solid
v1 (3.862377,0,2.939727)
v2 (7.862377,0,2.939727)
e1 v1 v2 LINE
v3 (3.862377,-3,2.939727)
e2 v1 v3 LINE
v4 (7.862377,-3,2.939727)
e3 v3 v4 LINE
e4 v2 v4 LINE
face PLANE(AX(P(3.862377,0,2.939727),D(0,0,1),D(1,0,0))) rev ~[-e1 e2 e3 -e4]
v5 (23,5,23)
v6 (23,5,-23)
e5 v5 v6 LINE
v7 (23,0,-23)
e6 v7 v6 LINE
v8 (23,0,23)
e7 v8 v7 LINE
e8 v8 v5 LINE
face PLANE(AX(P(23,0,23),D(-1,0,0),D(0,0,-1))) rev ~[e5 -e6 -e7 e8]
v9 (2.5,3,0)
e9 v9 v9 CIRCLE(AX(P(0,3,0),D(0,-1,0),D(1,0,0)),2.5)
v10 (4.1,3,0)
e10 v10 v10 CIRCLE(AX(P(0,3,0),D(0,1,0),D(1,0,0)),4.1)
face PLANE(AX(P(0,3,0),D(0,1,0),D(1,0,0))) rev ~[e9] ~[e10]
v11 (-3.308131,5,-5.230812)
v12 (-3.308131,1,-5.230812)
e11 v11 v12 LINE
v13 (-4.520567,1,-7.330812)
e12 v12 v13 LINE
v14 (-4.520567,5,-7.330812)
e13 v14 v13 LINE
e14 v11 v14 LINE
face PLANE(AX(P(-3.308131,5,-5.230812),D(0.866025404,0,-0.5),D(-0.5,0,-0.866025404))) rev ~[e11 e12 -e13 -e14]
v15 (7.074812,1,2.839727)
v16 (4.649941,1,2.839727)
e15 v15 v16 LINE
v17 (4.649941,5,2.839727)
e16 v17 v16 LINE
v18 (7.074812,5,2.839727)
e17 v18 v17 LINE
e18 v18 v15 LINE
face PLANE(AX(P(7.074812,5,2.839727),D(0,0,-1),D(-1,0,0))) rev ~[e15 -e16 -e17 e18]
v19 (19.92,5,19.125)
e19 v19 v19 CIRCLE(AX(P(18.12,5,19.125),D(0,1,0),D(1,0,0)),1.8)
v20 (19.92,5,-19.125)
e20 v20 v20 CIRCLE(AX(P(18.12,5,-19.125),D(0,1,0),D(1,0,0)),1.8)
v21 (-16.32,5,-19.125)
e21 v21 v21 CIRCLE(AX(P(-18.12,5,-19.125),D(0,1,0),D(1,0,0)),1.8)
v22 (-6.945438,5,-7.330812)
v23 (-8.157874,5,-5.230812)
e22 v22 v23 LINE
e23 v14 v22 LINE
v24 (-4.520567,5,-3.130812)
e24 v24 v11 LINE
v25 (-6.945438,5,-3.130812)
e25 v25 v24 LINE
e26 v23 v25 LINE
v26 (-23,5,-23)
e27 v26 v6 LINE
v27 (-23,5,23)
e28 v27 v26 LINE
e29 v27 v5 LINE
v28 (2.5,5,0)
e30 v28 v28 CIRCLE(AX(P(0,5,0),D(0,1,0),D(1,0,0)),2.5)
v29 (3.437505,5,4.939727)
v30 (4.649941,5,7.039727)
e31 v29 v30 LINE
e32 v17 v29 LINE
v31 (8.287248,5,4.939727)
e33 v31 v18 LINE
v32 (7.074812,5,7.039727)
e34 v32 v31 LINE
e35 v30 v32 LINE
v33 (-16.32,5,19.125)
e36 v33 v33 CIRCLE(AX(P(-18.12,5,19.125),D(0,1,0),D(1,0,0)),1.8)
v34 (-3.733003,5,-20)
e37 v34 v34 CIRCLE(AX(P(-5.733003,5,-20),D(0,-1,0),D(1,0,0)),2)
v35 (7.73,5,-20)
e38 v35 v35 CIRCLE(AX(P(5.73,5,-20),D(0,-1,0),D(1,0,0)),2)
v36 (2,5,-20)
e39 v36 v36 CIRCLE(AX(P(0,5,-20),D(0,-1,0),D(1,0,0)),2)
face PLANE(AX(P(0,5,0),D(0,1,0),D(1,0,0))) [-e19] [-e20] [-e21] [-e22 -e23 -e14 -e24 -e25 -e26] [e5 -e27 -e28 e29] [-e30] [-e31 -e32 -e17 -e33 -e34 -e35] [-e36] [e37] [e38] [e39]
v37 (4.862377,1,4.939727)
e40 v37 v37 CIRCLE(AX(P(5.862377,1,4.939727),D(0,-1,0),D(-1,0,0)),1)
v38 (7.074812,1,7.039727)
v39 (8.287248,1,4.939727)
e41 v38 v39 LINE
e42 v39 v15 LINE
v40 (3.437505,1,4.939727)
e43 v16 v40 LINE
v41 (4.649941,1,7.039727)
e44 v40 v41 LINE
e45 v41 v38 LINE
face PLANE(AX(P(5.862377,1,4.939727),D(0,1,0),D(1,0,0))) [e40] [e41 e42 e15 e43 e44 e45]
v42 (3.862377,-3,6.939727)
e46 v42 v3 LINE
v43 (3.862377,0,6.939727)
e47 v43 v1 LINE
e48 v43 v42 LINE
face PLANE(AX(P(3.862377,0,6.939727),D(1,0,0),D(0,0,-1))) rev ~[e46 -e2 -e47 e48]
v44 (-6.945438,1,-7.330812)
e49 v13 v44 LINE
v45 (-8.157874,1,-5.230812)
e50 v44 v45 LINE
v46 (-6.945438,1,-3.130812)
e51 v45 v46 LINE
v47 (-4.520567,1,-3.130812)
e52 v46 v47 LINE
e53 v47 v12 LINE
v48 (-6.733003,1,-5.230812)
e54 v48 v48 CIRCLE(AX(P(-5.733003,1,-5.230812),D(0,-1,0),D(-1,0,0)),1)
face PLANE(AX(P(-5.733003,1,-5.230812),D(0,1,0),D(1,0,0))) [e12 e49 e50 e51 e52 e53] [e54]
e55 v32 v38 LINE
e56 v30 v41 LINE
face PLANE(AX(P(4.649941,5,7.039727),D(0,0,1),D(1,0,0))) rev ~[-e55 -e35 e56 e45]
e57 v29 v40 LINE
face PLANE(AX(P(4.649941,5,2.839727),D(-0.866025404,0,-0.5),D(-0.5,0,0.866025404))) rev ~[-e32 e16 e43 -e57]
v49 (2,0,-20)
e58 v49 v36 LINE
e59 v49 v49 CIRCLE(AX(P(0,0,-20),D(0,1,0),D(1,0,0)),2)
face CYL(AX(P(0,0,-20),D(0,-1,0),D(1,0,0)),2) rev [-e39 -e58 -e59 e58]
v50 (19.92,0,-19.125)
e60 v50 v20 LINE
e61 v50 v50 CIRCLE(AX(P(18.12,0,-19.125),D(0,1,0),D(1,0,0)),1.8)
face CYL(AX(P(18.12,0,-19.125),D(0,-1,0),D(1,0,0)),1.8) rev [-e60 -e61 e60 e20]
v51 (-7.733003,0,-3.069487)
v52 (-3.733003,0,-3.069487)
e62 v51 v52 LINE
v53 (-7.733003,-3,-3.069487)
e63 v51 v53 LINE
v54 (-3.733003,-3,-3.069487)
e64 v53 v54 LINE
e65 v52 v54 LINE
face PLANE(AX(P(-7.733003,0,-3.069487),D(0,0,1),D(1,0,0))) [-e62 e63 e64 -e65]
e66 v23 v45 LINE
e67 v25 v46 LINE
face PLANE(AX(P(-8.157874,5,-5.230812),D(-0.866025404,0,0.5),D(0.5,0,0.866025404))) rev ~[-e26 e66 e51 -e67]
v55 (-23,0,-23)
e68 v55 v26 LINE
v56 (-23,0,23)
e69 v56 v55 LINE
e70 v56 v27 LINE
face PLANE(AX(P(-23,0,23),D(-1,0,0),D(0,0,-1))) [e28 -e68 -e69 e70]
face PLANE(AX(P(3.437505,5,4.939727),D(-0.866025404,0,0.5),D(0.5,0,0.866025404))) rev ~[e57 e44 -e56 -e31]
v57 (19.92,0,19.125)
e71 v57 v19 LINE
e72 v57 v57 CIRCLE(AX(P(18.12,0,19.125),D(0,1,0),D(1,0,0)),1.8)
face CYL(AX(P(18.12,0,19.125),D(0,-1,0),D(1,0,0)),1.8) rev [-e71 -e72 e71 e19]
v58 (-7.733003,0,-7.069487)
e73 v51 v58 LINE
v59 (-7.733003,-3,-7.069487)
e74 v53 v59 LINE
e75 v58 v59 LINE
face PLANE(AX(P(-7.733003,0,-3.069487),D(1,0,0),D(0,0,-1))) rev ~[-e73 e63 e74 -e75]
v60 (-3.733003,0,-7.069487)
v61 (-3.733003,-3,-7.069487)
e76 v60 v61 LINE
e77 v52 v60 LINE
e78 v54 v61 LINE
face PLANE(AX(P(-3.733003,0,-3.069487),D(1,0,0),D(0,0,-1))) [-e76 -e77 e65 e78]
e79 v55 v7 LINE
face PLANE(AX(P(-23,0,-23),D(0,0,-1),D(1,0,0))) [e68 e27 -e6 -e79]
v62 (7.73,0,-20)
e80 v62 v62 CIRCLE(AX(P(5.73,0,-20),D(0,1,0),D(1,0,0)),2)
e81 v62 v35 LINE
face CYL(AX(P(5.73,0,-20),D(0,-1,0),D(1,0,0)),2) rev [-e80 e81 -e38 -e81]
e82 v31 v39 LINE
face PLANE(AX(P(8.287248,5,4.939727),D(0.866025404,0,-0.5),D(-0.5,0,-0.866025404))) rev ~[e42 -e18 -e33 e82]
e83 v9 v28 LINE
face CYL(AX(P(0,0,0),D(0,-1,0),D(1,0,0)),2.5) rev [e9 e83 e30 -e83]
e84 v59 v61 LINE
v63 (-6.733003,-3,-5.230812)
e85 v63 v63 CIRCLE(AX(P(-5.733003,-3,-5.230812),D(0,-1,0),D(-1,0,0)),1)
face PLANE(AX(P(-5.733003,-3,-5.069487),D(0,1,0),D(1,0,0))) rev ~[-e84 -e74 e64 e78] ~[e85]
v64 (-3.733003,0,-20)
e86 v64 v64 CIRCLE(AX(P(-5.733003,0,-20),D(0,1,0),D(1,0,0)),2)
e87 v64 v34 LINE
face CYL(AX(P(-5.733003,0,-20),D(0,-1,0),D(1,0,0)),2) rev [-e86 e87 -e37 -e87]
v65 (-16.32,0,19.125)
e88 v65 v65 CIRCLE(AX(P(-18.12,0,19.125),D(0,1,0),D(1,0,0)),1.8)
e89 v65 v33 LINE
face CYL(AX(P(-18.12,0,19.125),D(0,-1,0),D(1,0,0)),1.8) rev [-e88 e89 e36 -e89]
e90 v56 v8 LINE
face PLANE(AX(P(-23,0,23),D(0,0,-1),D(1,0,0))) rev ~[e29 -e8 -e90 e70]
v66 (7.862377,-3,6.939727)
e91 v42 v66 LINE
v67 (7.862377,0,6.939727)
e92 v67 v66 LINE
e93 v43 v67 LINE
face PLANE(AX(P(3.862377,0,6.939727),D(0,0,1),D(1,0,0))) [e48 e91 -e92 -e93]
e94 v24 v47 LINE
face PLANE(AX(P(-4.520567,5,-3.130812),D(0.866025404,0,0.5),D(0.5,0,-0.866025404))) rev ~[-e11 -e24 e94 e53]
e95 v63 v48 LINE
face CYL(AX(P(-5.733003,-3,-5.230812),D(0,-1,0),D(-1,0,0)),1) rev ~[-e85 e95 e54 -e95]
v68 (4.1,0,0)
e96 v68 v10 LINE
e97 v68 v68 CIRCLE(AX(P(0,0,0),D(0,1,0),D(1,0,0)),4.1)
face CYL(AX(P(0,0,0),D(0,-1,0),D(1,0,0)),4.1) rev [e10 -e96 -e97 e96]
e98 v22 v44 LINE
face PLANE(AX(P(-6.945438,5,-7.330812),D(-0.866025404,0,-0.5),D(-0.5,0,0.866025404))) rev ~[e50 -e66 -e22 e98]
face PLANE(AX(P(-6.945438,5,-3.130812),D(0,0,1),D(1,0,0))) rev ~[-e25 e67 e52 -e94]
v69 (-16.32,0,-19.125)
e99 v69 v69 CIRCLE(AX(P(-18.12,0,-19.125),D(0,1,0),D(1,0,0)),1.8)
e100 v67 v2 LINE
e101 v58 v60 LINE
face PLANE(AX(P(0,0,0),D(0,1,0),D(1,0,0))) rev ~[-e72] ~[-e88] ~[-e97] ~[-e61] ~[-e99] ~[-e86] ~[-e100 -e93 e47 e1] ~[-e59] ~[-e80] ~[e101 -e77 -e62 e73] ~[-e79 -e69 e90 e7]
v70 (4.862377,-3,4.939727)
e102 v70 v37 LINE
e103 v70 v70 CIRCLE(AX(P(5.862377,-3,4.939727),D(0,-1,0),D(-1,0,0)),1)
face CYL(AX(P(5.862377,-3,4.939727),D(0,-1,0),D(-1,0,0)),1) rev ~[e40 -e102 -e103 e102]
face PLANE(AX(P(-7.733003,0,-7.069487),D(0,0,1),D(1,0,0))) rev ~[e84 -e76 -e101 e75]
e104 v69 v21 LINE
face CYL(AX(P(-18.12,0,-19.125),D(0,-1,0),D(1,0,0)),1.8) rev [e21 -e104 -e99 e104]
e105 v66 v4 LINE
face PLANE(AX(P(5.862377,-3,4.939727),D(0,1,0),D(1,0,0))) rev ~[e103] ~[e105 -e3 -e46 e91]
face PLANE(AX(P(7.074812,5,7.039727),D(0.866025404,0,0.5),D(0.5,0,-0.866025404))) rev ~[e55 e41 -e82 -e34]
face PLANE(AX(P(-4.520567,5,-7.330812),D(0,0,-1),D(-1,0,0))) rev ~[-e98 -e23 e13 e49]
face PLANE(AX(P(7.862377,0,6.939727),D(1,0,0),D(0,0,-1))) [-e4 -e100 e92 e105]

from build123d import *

# Parameters (mm, degrees)
SKETCH2_W           = 46
SKETCH2_H           = 46
BOSS_EXTRUDE1_DEPTH = 5
SKETCH3_R           = 1.8
SKETCH3_R_2         = 2.5
CUT_EXTRUDE1_DEPTH  = 5
SKETCH4_R           = 4.1
CUT_EXTRUDE2_DEPTH  = 3
SKETCH5_W           = 4
SKETCH5_H           = 4
BOSS_EXTRUDE2_DEPTH = 3
SKETCH6_R           = 1
CUT_EXTRUDE3_DEPTH  = 9
CUT_EXTRUDE5_DEPTH  = 4
SKETCH9_R           = 2
CUT_EXTRUDE6_DEPTH  = 6


with BuildPart() as part:
    # Sketch2 → Boss-Extrude1 (new body)
    with BuildSketch(Plane(origin=(0, 0, 0), x_dir=(1, 0, 0), z_dir=(0, 1, 0))):
        Rectangle(SKETCH2_W, SKETCH2_H)
    extrude(amount=BOSS_EXTRUDE1_DEPTH)

    # Sketch3 → Cut-Extrude1 (cut)
    with BuildSketch(Plane(origin=(0, 0, 0), x_dir=(1, 0, 0), z_dir=(0, 1, 0))):
        with Locations((-18.12, 19.125)):
            Circle(SKETCH3_R)
        with Locations((18.12, 19.125)):
            Circle(SKETCH3_R)
        with Locations((18.12, -19.125)):
            Circle(SKETCH3_R)
        with Locations((-18.12, -19.125)):
            Circle(SKETCH3_R)
        Circle(SKETCH3_R_2)
    extrude(amount=CUT_EXTRUDE1_DEPTH, mode=Mode.SUBTRACT)

    # Sketch4 → Cut-Extrude2 (cut)
    with BuildSketch(Plane(origin=(0, 0, 0), x_dir=(1, 0, 0), z_dir=(0, 1, 0))):
        Circle(SKETCH4_R)
    extrude(amount=CUT_EXTRUDE2_DEPTH, mode=Mode.SUBTRACT)

    # Sketch5 → Boss-Extrude2 (add)
    with BuildSketch(Plane(origin=(0, 0, 0), x_dir=(1, 0, 0), z_dir=(0, 1, 0))):
        with Locations((-5.7330026, 5.06948708)):
            Rectangle(SKETCH5_W, SKETCH5_H)
        with Locations((5.862376563, -4.939727226)):
            Rectangle(SKETCH5_W, SKETCH5_H)
    extrude(amount=-BOSS_EXTRUDE2_DEPTH)

    # Sketch6 → Cut-Extrude3 (cut, through all)
    with BuildSketch(Plane(origin=(0, -3, 0), x_dir=(-1, 0, 0), z_dir=(0, -1, 0))):
        with Locations((5.7330026, 5.230811807)):
            Circle(SKETCH6_R)
        with Locations((-5.862376563, -4.939727226)):
            Circle(SKETCH6_R)
    extrude(amount=-CUT_EXTRUDE3_DEPTH, mode=Mode.SUBTRACT)

    # Sketch8 → Cut-Extrude5 (cut)
    with BuildSketch(Plane(origin=(0, 5, 0), x_dir=(1, 0, 0), z_dir=(0, 1, 0))):
        Polygon((8.287247693, -4.939727226), (7.074812128, -2.839727226), (4.649940998, -2.839727226), (3.437505432, -4.939727226), (4.649940998, -7.039727226), (7.074812128, -7.039727226), align=None)
        Polygon((-3.30813147, 5.230811807), (-4.520567035, 7.330811807), (-6.945438166, 7.330811807), (-8.157873731, 5.230811807), (-6.945438166, 3.130811807), (-4.520567035, 3.130811807), align=None)
    extrude(amount=-CUT_EXTRUDE5_DEPTH, mode=Mode.SUBTRACT)

    # Sketch9 → Cut-Extrude6 (cut, through all)
    with BuildSketch(Plane(origin=(0, 0, 0), x_dir=(1, 0, 0), z_dir=(0, 1, 0))):
        with Locations((-5.7330026, 20)):
            Circle(SKETCH9_R)
        with Locations((5.73, 20)):
            Circle(SKETCH9_R)
        with Locations((0, 20)):
            Circle(SKETCH9_R)
    extrude(amount=CUT_EXTRUDE6_DEPTH, mode=Mode.SUBTRACT)


solid = part.part
